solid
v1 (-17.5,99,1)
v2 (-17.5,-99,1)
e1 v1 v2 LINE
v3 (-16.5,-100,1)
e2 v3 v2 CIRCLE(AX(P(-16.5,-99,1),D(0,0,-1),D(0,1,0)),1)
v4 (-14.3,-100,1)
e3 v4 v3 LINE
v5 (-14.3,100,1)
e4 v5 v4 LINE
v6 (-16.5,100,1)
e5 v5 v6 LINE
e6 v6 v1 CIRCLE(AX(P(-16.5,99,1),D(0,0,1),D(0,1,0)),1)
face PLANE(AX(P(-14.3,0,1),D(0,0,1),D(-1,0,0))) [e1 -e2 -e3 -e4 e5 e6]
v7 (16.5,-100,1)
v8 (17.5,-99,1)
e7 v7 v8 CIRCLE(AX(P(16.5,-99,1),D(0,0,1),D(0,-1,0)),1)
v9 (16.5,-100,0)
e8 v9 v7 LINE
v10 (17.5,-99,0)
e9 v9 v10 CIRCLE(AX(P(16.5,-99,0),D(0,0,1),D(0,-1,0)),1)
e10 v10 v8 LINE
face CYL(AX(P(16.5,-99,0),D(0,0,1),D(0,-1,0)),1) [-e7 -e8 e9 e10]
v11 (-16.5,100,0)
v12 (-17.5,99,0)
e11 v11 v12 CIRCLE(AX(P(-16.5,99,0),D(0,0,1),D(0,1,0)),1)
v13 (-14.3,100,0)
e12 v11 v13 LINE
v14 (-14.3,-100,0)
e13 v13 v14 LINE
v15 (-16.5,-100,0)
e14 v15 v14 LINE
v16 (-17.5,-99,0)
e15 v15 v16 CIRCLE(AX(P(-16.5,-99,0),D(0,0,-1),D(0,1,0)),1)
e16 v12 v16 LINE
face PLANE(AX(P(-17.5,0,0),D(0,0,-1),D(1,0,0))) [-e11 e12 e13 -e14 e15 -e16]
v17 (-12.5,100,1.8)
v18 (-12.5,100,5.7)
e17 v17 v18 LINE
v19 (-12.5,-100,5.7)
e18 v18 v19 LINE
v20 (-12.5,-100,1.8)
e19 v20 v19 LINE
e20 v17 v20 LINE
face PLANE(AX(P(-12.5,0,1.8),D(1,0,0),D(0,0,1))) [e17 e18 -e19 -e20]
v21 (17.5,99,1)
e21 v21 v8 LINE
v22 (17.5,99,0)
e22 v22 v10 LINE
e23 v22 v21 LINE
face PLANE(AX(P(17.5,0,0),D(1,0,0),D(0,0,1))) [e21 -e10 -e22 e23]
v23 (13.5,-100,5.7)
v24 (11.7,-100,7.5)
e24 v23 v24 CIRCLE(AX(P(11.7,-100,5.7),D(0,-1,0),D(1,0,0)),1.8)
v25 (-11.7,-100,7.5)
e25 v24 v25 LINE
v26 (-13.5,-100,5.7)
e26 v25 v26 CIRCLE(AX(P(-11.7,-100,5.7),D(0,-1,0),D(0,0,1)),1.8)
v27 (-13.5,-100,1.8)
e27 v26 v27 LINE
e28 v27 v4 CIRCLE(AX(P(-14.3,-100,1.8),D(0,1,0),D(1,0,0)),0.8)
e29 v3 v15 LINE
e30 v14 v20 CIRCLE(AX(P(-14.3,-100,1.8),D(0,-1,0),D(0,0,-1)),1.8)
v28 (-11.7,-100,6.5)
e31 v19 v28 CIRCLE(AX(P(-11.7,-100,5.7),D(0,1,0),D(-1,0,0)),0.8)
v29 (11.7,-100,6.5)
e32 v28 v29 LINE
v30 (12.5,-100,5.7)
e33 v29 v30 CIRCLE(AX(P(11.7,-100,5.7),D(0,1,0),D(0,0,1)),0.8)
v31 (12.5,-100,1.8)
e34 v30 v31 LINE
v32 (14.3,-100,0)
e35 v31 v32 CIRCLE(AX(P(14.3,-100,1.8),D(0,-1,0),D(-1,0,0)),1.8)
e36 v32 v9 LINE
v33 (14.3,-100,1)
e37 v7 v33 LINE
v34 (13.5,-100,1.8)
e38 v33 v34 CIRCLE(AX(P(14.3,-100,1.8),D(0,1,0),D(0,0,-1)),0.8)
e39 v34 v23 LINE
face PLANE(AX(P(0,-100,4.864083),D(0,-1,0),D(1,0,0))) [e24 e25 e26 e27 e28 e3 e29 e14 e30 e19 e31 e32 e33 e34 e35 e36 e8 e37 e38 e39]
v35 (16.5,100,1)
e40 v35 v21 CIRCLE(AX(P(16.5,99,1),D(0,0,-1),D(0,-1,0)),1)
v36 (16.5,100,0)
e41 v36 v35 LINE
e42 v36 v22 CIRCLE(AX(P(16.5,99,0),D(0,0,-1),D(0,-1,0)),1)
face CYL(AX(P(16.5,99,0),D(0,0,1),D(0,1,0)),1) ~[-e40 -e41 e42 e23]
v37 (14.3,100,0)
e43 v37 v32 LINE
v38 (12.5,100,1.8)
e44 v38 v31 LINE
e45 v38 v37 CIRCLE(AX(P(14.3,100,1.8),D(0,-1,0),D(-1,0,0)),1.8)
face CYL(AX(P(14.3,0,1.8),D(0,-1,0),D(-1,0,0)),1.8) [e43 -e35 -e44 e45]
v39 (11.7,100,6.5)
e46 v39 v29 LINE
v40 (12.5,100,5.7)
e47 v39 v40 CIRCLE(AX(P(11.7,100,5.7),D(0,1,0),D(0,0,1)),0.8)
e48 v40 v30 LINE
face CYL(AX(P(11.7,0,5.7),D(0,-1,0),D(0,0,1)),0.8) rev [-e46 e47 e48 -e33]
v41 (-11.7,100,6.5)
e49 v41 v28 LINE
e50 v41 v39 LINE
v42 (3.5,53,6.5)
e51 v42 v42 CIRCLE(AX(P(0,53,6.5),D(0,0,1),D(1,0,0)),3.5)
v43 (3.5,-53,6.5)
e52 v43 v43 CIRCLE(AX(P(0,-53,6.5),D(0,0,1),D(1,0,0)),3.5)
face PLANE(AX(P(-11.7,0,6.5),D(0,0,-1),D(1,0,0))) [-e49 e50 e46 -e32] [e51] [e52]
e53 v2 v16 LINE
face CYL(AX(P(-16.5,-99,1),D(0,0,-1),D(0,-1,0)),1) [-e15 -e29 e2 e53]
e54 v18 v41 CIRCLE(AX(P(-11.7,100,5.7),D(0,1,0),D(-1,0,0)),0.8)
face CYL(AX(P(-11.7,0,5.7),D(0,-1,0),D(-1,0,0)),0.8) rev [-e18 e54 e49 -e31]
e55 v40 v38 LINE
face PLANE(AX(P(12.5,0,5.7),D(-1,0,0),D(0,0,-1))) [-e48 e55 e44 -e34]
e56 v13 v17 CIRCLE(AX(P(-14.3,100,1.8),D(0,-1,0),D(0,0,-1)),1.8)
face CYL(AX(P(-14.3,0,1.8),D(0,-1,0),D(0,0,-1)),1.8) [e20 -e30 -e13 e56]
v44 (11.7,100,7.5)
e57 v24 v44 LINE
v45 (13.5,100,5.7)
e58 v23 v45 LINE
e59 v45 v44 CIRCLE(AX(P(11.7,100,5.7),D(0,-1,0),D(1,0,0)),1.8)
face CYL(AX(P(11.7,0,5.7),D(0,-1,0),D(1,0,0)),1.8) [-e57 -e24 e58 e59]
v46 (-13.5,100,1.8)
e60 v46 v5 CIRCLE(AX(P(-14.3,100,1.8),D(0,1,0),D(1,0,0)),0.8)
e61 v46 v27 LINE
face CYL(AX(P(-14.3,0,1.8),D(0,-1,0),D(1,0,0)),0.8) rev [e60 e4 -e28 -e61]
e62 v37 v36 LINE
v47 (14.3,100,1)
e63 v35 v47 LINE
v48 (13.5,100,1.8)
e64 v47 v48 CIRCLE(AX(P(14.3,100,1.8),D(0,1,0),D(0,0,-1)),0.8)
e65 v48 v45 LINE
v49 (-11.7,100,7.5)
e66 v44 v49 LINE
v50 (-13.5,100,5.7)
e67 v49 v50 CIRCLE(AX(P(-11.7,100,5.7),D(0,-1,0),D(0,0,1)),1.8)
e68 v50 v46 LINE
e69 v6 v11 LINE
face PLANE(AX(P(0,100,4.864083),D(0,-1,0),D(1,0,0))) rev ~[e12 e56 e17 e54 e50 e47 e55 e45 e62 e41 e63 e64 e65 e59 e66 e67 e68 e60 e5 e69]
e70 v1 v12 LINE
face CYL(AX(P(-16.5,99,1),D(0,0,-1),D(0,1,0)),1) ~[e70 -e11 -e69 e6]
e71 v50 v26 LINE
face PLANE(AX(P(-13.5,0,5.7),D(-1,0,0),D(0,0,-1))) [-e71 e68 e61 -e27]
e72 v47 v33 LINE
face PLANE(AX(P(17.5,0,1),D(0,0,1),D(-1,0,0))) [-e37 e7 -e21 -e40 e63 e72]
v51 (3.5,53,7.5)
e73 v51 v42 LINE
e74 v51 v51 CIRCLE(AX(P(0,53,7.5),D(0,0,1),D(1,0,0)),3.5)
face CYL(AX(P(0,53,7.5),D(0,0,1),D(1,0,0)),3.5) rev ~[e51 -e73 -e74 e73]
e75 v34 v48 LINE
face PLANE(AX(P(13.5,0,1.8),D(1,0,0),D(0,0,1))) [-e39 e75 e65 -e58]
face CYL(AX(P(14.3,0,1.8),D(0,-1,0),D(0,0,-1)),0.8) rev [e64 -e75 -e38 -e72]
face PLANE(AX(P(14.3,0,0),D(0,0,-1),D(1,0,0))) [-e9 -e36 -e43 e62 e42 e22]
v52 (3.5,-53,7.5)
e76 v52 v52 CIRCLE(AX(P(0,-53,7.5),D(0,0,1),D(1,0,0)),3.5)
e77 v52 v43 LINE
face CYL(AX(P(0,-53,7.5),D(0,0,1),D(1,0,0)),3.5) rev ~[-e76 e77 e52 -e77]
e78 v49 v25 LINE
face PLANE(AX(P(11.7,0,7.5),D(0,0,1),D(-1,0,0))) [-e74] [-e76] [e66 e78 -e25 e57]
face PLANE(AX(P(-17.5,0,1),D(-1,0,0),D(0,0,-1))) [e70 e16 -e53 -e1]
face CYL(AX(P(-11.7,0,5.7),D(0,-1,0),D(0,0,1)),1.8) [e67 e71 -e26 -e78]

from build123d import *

# Parameters (mm, degrees)
F1_DEPTH = 100
F2_R     = 3.5
F3_DEPTH = 25
F4_R     = 1


with BuildPart() as f1:
    # F0 (on Front) → F1 (new body, symmetric)
    with BuildSketch(Plane.XZ):
        with BuildLine():
            Line((11.7, 7.5), (0, 7.5))
            Line((0, 7.5), (-11.7, 7.5))
            ThreePointArc((-11.7, 7.5), (-12.9727922061, 6.9727922061), (-13.5, 5.7))
            Line((-13.5, 5.7), (-13.5, 1.8))
            ThreePointArc((-13.5, 1.8), (-13.7343145751, 1.2343145751), (-14.3, 1))
            Line((-14.3, 1), (-17.5, 1))
            Line((-17.5, 1), (-17.5, 0))
            Line((-17.5, 0), (-14.3, 0))
            ThreePointArc((-14.3, 0), (-13.0272077939, 0.5272077939), (-12.5, 1.8))
            Line((-12.5, 1.8), (-12.5, 5.7))
            ThreePointArc((-12.5, 5.7), (-12.2656854249, 6.2656854249), (-11.7, 6.5))
            Line((-11.7, 6.5), (0, 6.5))
            Line((0, 6.5), (11.7, 6.5))
            ThreePointArc((11.7, 6.5), (12.2656854249, 6.2656854249), (12.5, 5.7))
            Line((12.5, 5.7), (12.5, 1.8))
            ThreePointArc((12.5, 1.8), (13.0272077939, 0.5272077939), (14.3, 0))
            Line((14.3, 0), (17.5, 0))
            Line((17.5, 0), (17.5, 1))
            Line((17.5, 1), (14.3, 1))
            ThreePointArc((14.3, 1), (13.7343145751, 1.2343145751), (13.5, 1.8))
            Line((13.5, 1.8), (13.5, 5.7))
            ThreePointArc((13.5, 5.7), (12.9727922061, 6.9727922061), (11.7, 7.5))
        make_face()
    extrude(amount=F1_DEPTH, both=True)

    # F2 (on face) → F3 (cut)
    with BuildSketch(Plane.XY.offset(7.5)):
        with Locations((0, 53)):
            Circle(F2_R)
        with Locations((0, -53)):
            Circle(F2_R)
    extrude(amount=-F3_DEPTH, mode=Mode.SUBTRACT)

    # F4
    f4_edges = [f1.edges().sort_by_distance(p)[0] for p in [
        (17.5, 100, 0.5),
        (-17.5, 100, 0.5),
        (17.5, -100, 0.5),
        (-17.5, -100, 0.5),
    ]]
    fillet(f4_edges, radius=F4_R)


solid = f1.part
